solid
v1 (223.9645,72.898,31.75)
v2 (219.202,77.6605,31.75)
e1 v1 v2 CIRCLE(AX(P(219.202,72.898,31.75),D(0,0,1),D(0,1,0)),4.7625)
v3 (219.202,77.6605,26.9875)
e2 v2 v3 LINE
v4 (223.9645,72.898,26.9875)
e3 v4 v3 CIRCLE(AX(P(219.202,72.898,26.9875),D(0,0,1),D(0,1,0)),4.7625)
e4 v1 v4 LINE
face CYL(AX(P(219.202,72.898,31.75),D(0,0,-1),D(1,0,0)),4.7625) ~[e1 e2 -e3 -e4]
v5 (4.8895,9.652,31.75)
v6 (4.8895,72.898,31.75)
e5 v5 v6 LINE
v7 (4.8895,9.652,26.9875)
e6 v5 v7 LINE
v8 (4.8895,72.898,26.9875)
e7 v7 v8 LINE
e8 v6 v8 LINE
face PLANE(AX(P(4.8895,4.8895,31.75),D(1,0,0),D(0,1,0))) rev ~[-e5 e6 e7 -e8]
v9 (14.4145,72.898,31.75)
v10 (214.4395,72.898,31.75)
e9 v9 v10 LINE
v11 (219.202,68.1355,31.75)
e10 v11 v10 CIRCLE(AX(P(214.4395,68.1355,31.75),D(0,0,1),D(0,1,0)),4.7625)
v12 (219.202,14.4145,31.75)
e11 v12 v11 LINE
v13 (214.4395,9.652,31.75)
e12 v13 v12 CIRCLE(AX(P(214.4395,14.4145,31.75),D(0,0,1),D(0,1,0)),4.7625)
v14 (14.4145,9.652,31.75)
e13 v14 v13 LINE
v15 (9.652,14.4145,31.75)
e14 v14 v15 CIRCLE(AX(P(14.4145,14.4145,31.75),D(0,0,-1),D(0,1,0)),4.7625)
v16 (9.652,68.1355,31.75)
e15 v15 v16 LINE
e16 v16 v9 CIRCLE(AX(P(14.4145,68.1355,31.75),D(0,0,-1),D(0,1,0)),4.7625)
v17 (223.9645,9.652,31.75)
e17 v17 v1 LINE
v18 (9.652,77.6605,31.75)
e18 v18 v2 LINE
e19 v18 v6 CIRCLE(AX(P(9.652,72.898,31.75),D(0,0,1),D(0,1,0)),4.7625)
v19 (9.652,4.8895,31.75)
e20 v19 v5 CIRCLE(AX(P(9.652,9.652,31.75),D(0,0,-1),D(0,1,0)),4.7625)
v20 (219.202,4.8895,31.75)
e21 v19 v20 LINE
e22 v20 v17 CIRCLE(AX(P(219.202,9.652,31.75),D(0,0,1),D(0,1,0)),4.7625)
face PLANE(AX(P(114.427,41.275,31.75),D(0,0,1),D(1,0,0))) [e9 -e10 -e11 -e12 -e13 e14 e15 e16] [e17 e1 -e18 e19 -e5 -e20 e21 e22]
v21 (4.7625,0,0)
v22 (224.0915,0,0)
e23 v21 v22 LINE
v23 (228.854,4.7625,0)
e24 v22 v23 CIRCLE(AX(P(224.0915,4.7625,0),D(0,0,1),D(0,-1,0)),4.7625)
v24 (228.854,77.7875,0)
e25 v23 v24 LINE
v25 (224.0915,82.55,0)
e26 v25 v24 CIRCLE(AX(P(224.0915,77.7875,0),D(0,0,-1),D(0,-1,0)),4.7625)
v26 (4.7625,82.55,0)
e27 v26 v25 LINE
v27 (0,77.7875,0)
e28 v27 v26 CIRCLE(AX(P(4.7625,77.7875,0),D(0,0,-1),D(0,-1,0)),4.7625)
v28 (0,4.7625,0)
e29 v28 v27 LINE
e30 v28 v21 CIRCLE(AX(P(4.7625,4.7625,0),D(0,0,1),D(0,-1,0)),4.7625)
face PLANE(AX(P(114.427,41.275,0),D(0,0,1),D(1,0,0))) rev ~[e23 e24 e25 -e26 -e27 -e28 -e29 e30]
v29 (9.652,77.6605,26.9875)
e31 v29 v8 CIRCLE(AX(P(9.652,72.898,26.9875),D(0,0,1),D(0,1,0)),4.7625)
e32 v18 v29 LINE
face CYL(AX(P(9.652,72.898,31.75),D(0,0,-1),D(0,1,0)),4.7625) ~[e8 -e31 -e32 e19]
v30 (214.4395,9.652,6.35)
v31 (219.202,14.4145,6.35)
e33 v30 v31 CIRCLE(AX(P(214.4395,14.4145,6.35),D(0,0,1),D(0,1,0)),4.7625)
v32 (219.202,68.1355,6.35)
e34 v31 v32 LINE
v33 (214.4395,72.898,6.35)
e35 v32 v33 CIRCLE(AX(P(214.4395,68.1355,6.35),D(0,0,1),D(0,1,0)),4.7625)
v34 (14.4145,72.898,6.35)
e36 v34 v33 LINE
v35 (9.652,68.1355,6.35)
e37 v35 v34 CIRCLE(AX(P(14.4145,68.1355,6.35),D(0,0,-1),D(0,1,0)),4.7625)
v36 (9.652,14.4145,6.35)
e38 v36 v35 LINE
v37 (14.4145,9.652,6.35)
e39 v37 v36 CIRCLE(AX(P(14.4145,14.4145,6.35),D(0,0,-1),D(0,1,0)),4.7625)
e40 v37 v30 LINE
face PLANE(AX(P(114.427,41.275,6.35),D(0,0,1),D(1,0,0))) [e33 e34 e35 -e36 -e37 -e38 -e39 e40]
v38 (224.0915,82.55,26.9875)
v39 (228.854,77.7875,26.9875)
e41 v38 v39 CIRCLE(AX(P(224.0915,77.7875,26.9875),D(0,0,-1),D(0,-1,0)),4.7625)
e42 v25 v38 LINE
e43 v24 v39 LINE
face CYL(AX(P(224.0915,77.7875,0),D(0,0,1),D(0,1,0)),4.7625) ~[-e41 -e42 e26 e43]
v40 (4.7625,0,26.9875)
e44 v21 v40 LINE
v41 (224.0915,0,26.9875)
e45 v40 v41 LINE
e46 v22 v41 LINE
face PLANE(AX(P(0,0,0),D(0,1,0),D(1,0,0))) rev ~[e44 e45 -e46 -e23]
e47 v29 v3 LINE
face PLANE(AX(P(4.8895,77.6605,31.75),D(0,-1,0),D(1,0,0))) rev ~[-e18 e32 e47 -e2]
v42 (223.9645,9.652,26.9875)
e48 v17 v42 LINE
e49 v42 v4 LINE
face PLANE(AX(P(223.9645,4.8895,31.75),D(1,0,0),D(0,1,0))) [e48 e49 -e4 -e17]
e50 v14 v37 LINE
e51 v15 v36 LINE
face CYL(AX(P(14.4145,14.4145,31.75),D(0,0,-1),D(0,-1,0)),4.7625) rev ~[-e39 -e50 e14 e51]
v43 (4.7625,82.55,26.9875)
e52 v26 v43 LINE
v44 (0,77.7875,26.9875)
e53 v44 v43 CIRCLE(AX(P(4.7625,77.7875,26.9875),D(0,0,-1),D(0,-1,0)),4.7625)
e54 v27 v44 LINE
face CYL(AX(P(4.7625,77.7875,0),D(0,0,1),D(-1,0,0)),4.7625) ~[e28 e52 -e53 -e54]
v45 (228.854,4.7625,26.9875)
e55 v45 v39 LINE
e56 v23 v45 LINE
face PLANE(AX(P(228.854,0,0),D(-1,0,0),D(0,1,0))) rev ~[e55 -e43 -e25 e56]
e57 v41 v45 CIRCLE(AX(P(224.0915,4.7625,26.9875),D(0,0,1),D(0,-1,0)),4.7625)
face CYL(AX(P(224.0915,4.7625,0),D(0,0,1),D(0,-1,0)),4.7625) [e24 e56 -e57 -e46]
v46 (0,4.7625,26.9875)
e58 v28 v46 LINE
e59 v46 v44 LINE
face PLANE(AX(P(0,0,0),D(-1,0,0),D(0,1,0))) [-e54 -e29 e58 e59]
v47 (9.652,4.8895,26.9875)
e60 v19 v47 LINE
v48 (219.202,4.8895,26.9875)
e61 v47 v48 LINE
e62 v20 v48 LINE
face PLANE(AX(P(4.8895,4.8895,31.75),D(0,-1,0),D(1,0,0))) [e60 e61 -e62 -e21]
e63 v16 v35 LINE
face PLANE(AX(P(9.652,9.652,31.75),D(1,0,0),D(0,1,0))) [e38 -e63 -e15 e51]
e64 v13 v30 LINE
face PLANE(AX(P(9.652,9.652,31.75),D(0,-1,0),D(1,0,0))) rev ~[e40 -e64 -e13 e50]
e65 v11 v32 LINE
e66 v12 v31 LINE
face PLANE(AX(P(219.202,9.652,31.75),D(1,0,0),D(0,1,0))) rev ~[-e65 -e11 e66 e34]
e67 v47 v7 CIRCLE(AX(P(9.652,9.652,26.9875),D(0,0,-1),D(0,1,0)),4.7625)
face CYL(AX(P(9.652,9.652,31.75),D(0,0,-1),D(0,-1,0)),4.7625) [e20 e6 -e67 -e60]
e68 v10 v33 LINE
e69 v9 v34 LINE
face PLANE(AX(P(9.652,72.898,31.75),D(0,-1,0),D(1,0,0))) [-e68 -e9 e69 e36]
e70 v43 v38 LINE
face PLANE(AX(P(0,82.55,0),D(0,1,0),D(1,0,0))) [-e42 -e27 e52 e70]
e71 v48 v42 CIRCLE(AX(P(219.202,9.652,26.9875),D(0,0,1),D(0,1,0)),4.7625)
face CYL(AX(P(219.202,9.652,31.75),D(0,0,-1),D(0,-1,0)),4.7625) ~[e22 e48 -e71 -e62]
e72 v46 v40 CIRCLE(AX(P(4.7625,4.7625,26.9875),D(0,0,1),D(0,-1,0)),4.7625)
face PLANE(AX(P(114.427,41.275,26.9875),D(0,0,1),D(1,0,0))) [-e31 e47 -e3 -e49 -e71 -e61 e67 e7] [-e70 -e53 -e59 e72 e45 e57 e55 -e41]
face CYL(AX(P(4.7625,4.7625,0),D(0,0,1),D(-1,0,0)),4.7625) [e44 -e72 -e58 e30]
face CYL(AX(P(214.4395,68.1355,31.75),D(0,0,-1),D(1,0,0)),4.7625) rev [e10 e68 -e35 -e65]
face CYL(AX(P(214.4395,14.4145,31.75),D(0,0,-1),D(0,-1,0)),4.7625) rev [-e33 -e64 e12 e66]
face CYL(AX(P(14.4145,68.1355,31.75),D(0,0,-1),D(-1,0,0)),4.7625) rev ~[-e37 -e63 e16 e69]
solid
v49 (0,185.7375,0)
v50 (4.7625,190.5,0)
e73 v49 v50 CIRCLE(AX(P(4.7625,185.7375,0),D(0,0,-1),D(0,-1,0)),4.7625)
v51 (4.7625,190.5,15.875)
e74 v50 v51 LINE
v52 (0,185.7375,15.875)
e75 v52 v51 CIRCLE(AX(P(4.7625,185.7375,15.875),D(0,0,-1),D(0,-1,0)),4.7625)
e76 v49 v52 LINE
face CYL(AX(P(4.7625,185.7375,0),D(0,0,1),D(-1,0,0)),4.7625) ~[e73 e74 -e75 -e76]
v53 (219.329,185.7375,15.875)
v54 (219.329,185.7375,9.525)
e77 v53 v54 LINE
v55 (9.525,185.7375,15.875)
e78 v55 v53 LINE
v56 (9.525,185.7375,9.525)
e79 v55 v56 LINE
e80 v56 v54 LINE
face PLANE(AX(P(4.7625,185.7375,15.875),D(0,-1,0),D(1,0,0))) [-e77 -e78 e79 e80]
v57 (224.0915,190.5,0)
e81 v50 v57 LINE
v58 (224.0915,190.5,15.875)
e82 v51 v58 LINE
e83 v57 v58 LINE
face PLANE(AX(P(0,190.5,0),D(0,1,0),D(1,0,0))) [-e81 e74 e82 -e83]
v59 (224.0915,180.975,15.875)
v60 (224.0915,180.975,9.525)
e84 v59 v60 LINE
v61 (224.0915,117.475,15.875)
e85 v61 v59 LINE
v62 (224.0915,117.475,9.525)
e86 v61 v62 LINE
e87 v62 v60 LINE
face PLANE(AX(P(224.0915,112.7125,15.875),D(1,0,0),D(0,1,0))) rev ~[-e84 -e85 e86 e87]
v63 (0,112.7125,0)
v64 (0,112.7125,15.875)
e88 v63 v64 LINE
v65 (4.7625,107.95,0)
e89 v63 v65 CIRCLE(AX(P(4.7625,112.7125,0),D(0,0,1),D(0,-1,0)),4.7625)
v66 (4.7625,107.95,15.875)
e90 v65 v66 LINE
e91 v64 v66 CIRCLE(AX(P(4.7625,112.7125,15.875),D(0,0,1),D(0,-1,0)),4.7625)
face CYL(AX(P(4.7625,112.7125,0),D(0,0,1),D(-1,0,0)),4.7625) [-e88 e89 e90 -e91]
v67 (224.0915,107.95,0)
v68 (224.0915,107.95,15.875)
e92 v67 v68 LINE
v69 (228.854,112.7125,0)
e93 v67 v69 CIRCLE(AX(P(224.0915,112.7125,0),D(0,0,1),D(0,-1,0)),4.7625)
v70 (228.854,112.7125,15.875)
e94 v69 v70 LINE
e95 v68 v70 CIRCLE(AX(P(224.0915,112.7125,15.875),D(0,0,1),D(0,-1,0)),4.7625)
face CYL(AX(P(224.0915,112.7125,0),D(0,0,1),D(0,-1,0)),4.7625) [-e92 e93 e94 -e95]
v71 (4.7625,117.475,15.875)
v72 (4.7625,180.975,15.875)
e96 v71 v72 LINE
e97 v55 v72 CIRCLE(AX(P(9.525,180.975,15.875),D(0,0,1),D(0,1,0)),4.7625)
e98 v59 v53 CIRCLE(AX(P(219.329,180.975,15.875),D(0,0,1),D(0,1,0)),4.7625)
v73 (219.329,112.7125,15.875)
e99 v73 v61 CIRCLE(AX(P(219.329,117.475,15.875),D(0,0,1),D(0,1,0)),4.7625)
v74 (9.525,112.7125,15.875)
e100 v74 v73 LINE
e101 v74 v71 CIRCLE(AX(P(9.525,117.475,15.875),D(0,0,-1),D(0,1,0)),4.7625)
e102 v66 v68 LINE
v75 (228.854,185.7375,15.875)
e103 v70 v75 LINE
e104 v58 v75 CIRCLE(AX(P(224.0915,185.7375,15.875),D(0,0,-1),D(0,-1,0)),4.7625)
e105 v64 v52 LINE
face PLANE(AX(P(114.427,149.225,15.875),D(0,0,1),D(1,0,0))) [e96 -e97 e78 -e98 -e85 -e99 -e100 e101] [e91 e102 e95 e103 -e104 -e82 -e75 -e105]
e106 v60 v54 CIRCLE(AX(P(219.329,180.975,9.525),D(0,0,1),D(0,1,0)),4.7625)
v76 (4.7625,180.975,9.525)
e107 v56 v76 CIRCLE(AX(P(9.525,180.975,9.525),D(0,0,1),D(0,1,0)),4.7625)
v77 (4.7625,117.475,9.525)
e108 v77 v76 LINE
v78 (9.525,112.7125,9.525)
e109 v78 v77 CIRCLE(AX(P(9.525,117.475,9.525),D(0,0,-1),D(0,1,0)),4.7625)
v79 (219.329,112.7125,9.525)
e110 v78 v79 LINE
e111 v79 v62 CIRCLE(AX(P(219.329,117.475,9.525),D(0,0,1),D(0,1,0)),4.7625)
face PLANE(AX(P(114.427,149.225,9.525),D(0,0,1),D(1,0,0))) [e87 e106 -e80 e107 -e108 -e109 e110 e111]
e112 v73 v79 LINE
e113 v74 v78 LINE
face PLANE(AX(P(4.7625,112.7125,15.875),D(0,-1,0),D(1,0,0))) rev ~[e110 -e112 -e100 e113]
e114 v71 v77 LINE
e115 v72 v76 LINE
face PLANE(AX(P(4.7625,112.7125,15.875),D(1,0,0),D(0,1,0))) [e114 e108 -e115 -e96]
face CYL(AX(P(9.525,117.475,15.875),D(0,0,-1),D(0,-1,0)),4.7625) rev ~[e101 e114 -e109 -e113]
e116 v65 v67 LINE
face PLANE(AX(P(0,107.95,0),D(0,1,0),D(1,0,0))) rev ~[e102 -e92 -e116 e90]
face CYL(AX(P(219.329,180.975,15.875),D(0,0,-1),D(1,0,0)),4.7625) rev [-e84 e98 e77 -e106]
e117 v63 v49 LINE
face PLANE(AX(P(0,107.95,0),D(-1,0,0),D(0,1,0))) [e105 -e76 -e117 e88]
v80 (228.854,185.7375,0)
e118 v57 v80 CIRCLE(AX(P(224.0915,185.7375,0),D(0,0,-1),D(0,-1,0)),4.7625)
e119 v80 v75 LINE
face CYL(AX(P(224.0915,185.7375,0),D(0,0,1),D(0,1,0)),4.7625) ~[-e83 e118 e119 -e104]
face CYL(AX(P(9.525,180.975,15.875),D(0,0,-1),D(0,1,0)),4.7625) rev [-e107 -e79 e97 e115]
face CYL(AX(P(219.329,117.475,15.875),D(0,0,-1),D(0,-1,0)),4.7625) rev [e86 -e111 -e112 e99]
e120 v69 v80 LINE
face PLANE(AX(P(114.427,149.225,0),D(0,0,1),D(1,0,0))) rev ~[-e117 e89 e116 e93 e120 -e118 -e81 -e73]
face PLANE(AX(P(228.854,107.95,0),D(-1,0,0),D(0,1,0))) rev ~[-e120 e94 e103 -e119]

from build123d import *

# Parameters (mm, degrees)
F0_W     = 228.854
F0_H     = 82.55
F1_DEPTH = 31.75
F2_W     = 209.55
F2_H     = 63.246
F3_DEPTH = 25.4
F4_W     = 228.854
F4_H     = 82.55
F4_W_2   = 219.075
F4_H_2   = 72.771
F5_DEPTH = 4.7625
F6_W     = 228.854
F6_H     = 82.55
F7_DEPTH = 15.875
F8_W     = 219.329
F8_H     = 73.025
F9_DEPTH = 6.35
F10_R    = 4.7625
F11_R    = 4.7625


with BuildPart() as f1:
    # F0 (on Top) → F1 (new body)
    with BuildSketch(Plane.XY):
        with Locations((114.427, 41.275)):
            Rectangle(F0_W, F0_H)
    extrude(amount=F1_DEPTH)

    # F2 (on face) → F3 (cut)
    with BuildSketch(Plane.XY.offset(31.75)):
        with Locations((114.427, 41.275)):
            Rectangle(F2_W, F2_H)
    extrude(amount=-F3_DEPTH, mode=Mode.SUBTRACT)

    # F4 (on face) → F5 (cut)
    with BuildSketch(Plane.XY.offset(31.75)):
        with Locations((114.427, 41.275)):
            Rectangle(F4_W, F4_H)
        with Locations((114.427, 41.275)):
            Rectangle(F4_W_2, F4_H_2, mode=Mode.SUBTRACT)
    extrude(amount=-F5_DEPTH, mode=Mode.SUBTRACT)

    # F10
    f10_edges = [f1.edges().sort_by_distance(p)[0] for p in [
        (9.652, 9.652, 19.05),
        (9.652, 72.898, 19.05),
        (219.202, 72.898, 19.05),
        (219.202, 9.652, 19.05),
        (0, 0, 13.49375),
        (0, 82.55, 13.49375),
        (228.854, 0, 13.49375),
        (228.854, 82.55, 13.49375),
        (223.9645, 77.6605, 29.36875),
        (223.9645, 4.8895, 29.36875),
        (4.8895, 4.8895, 29.36875),
        (4.8895, 77.6605, 29.36875),
    ]]
    fillet(f10_edges, radius=F10_R)


with BuildPart() as f7:
    # F6 (on Top) → F7 (new body)
    with BuildSketch(Plane.XY):
        with Locations((114.427, 149.225)):
            Rectangle(F6_W, F6_H)
    extrude(amount=F7_DEPTH)

    # F8 (on face) → F9 (cut)
    with BuildSketch(Plane.XY.offset(15.875)):
        with Locations((114.427, 149.225)):
            Rectangle(F8_W, F8_H)
    extrude(amount=-F9_DEPTH, mode=Mode.SUBTRACT)

    # F11
    f11_edges = [f7.edges().sort_by_distance(p)[0] for p in [
        (4.7625, 185.7375, 12.7),
        (224.0915, 185.7375, 12.7),
        (224.0915, 112.7125, 12.7),
        (4.7625, 112.7125, 12.7),
        (228.854, 190.5, 7.9375),
        (0, 190.5, 7.9375),
        (0, 107.95, 7.9375),
        (228.854, 107.95, 7.9375),
    ]]
    fillet(f11_edges, radius=F11_R)


solid = Compound([f1.part, f7.part])
